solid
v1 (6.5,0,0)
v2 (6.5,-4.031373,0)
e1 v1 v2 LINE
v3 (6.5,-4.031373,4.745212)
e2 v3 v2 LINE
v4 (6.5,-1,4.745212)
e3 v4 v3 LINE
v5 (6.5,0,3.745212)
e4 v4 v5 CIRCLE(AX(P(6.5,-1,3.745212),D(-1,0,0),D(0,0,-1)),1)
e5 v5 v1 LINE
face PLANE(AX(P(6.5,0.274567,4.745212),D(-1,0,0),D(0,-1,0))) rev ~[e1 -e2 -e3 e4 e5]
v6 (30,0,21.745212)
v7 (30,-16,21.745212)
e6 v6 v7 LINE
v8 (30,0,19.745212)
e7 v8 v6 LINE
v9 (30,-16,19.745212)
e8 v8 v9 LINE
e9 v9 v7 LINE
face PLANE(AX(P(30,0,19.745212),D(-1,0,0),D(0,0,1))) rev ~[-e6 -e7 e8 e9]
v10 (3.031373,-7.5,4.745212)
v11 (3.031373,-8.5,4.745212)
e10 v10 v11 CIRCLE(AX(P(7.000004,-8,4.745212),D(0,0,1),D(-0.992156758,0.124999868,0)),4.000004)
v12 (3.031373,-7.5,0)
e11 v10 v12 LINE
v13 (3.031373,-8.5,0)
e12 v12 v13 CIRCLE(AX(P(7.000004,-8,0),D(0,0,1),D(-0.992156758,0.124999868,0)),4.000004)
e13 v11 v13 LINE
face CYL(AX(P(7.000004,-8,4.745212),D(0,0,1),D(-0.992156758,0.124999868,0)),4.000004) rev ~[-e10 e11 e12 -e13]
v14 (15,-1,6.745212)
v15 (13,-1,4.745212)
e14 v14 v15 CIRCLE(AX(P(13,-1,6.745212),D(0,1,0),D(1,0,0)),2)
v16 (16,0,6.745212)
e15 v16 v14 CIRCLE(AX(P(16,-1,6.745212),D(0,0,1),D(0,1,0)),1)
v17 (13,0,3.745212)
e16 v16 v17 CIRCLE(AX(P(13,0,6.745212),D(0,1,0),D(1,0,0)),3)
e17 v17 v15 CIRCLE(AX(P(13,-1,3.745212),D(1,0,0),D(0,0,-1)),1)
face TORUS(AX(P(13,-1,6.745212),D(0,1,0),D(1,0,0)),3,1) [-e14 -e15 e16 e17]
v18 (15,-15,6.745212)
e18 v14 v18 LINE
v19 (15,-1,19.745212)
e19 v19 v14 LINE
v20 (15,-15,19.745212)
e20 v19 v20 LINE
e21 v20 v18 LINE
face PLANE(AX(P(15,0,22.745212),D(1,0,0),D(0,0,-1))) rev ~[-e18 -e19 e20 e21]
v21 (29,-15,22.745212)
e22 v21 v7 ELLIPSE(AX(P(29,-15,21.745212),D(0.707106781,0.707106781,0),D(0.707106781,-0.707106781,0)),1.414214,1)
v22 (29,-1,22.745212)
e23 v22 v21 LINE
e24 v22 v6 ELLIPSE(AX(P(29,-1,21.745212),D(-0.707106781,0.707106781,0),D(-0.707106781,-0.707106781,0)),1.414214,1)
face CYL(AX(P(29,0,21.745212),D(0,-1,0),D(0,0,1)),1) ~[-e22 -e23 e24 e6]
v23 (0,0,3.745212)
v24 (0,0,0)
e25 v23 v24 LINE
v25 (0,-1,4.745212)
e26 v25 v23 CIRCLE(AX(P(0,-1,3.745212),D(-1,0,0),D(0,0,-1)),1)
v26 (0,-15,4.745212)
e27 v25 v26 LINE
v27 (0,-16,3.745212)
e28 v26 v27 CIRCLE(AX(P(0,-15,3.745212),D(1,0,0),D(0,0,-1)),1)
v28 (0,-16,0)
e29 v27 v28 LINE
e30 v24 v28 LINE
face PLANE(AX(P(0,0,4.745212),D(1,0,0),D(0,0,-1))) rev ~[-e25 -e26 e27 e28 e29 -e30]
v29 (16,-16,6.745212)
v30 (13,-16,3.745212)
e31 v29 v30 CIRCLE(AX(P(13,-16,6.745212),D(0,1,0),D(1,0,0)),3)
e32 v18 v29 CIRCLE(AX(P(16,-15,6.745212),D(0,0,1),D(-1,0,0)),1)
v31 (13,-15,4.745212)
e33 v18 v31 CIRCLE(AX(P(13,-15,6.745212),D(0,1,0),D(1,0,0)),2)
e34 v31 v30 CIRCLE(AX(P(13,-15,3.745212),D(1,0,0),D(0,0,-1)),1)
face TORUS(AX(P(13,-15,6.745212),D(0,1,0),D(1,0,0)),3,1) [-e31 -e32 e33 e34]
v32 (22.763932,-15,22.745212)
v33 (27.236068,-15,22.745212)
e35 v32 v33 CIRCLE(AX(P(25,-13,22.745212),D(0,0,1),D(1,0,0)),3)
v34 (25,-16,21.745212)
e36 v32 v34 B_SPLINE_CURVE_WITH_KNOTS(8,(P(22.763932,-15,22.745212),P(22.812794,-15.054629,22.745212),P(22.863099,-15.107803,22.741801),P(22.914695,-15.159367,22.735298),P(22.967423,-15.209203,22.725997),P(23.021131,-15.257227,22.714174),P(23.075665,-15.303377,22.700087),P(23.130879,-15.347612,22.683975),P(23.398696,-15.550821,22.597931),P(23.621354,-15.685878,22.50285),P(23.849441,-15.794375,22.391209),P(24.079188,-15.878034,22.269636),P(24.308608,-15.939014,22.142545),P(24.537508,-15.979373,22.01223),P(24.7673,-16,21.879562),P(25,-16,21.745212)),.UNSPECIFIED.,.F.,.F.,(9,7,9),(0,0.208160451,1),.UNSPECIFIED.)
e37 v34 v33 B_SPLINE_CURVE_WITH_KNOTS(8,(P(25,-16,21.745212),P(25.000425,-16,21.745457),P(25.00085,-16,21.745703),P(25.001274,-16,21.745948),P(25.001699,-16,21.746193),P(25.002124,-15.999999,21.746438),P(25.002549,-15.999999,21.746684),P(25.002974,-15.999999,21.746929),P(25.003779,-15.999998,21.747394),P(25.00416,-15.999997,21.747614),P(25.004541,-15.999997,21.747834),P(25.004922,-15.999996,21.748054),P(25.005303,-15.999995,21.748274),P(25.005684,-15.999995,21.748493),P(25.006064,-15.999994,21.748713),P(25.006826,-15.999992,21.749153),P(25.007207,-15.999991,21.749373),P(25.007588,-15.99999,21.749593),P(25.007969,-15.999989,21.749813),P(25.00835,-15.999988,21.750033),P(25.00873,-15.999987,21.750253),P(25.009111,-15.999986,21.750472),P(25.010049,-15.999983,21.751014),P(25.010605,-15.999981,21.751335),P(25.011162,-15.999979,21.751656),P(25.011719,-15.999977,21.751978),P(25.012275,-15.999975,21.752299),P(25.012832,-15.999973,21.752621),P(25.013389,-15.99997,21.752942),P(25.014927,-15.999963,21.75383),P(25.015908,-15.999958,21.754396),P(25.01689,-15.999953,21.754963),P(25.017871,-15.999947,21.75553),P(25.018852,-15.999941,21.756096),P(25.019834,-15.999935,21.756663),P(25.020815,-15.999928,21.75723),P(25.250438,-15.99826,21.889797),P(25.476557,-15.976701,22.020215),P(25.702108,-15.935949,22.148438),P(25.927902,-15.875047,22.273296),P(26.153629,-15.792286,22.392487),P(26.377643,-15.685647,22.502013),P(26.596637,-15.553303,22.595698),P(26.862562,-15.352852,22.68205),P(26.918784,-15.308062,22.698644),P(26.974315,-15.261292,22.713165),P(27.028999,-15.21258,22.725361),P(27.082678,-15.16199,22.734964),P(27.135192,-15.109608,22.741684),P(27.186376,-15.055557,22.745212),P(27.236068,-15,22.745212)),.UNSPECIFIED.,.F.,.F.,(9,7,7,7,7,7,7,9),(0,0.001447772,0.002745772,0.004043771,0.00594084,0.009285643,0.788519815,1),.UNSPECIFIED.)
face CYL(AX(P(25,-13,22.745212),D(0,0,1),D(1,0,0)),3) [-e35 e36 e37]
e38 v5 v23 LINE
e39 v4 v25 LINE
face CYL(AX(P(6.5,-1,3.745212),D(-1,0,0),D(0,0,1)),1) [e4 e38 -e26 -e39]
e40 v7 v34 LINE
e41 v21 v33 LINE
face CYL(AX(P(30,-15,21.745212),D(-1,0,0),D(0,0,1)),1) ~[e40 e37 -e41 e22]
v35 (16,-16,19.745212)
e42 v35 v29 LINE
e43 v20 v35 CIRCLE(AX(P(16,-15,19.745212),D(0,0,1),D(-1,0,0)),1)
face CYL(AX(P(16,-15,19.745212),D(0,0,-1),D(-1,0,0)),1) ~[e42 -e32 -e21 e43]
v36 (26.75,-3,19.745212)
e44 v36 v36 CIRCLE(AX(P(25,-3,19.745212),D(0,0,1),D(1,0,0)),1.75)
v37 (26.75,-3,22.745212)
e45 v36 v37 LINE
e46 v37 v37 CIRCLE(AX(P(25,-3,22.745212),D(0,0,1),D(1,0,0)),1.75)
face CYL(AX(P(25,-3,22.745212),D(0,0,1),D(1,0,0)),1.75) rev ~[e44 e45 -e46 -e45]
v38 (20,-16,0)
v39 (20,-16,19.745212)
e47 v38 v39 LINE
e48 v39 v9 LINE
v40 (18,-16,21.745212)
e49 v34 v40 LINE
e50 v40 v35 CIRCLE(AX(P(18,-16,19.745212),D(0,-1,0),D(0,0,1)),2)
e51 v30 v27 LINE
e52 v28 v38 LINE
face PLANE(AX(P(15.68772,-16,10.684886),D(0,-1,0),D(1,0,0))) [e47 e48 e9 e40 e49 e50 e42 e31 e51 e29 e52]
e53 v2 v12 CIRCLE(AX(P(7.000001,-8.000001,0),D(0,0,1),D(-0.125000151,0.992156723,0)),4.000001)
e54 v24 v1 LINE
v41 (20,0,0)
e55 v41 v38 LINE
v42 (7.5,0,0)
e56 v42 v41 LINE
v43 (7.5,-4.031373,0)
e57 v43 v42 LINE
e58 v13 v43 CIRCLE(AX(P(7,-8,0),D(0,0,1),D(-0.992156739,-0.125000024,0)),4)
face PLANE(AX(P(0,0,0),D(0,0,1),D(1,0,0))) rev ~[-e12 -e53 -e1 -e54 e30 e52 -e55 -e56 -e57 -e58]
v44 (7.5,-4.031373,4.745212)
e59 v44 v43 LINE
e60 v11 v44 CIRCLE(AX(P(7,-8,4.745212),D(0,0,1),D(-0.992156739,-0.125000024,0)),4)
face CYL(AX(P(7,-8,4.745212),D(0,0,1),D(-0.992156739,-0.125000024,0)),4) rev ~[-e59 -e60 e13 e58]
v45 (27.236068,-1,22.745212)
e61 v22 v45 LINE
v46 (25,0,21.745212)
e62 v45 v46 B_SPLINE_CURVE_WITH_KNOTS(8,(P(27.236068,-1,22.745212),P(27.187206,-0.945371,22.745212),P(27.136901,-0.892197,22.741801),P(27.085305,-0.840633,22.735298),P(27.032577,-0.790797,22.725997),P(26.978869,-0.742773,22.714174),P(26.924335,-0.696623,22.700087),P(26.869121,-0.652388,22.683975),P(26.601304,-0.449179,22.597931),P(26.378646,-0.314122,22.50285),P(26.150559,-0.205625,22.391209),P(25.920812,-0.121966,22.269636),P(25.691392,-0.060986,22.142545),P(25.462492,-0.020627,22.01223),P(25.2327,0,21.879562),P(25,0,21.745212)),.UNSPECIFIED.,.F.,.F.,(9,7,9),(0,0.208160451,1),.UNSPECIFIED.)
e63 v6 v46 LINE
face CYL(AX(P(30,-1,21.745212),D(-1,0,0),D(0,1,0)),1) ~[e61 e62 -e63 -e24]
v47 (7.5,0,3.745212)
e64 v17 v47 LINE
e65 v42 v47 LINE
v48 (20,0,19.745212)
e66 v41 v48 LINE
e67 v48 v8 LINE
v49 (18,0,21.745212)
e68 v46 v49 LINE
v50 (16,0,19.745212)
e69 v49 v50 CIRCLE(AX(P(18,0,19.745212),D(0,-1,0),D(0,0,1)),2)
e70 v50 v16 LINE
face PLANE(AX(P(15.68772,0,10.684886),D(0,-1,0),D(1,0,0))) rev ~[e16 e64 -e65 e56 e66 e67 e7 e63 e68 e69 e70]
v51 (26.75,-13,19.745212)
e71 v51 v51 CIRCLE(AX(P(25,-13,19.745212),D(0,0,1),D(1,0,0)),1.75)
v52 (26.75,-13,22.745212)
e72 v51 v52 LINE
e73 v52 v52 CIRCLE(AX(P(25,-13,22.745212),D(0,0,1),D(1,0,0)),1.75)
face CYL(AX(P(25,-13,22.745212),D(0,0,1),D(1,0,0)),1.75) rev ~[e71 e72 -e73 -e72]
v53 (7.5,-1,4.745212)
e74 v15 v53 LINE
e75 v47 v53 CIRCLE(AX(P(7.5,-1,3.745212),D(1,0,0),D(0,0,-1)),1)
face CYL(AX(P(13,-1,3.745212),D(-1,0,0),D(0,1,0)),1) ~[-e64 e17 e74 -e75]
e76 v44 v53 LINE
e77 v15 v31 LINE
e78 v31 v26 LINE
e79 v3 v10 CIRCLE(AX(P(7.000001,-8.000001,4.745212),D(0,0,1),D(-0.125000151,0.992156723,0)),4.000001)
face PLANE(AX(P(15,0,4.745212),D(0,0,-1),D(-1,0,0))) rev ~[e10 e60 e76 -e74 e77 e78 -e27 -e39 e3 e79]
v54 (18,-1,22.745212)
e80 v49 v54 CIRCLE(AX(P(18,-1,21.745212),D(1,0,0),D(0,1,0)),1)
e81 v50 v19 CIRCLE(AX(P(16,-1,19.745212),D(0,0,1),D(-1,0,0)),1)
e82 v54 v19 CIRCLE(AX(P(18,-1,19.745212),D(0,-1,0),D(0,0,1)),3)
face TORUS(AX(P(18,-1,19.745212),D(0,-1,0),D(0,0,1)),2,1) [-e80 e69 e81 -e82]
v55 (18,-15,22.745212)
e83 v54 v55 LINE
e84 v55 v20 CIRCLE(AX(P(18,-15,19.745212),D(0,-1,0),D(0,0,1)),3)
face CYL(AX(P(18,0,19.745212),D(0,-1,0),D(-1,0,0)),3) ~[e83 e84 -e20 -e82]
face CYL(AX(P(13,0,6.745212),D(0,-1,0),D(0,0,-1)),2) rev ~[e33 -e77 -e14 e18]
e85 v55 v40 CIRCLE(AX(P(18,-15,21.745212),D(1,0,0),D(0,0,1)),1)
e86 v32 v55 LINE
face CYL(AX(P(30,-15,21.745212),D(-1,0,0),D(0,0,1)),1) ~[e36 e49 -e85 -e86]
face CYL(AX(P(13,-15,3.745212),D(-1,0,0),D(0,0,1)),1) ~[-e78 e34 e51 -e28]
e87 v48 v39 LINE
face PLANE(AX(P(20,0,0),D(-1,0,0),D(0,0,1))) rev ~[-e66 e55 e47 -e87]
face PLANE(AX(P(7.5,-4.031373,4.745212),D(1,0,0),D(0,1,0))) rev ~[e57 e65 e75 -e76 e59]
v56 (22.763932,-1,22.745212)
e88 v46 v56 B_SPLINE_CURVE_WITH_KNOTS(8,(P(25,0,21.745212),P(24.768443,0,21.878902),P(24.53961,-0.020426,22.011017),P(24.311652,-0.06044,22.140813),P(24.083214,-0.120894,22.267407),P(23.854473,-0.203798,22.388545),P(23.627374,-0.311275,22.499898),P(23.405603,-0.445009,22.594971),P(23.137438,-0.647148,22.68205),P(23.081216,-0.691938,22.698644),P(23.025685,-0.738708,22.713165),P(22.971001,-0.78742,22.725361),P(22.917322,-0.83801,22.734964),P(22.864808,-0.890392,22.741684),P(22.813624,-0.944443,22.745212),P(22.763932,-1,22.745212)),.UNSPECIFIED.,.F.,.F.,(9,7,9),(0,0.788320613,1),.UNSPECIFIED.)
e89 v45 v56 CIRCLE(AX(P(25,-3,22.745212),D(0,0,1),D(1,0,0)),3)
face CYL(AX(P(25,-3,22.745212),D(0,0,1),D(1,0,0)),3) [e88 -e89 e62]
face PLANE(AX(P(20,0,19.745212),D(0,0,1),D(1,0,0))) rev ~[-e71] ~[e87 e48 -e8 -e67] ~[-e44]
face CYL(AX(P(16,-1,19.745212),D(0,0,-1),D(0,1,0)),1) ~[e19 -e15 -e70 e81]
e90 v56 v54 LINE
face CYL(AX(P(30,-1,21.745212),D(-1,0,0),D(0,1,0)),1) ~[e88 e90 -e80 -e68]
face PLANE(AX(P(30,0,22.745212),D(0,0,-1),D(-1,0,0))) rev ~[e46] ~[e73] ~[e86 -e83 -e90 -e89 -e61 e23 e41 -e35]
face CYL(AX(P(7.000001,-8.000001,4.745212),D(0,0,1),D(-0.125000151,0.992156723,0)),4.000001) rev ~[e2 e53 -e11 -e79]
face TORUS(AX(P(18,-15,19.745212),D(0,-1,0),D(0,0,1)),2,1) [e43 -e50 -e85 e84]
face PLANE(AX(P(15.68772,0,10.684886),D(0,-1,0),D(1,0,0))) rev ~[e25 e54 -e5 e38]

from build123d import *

# Parameters (mm, degrees)
F1_DEPTH  = 16
F2_R      = 1.75
F3_DEPTH  = 25
F5_DEPTH  = 25
F6_R      = 2
F7_R      = 3
F8_R      = 1
F9_R      = 3
F9_R_2    = 1.75
F10_DEPTH = 2
F11_R     = 1


with BuildPart() as f1:
    # F0 (on Front) → F1 (new body)
    with BuildSketch(Plane.XZ):
        Polygon((0, 4.745212), (0, 0), (20, 0), (20, 19.745212), (30, 19.745212), (30, 22.745212), (15, 22.745212), (15, 4.745212), align=None)
    extrude(amount=F1_DEPTH)

    # F2 (on face) → F3 (cut)
    with BuildSketch(Plane.XY.offset(22.745212)):
        with Locations((25, -3)):
            Circle(F2_R)
        with Locations((25, -13)):
            Circle(F2_R)
    extrude(amount=-F3_DEPTH, mode=Mode.SUBTRACT)

    # F4 (on face) → F5 (cut)
    with BuildSketch(Plane.XY.offset(4.745212)):
        with BuildLine():
            ThreePointArc((3.031373, -7.5), (3, -8), (3.031373, -8.5))
            ThreePointArc((3.031373, -8.5), (9.828427, -10.828427), (7.5, -4.031373))
            ThreePointArc((7.5, -4.031373), (7, -4), (6.5, -4.031373))
            ThreePointArc((6.5, -4.031373), (4.171573, -5.171573), (3.031373, -7.5))
        make_face()
        with BuildLine():
            ThreePointArc((6.5, -4.031373), (7, -4), (7.5, -4.031373))
            Line((7.5, -4.031373), (7.5, 0.274567))
            Line((7.5, 0.274567), (6.5, 0.274567))
            Line((6.5, 0.274567), (6.5, -4.031373))
        make_face()
    extrude(amount=-F5_DEPTH, mode=Mode.SUBTRACT)

    # F6
    f6_edges = [f1.edges().sort_by_distance(p)[0] for p in [
        (15, -8, 4.745212),
    ]]
    fillet(f6_edges, radius=F6_R)

    # F7
    f7_edges = [f1.edges().sort_by_distance(p)[0] for p in [
        (15, -8, 22.745212),
    ]]
    fillet(f7_edges, radius=F7_R)

    # F8
    f8_edges = [f1.edges().sort_by_distance(p)[0] for p in [
        (30, -8, 22.745212),
        (24, -16, 22.745212),
        (24, 0, 22.745212),
    ]]
    fillet(f8_edges, radius=F8_R)

    # F9 (on face) → F10 (join)
    with BuildSketch(Plane.XY.offset(22.745212)):
        with Locations((25, -3)):
            Circle(F9_R)
        with Locations((25, -3)):
            Circle(F9_R_2, mode=Mode.SUBTRACT)
        with Locations((25, -13)):
            Circle(F9_R)
        with Locations((25, -13)):
            Circle(F9_R_2, mode=Mode.SUBTRACT)
    extrude(amount=-F10_DEPTH)

    # F11
    f11_edges = [f1.edges().sort_by_distance(p)[0] for p in [
        (3.25, 0, 4.745212),
    ]]
    fillet(f11_edges, radius=F11_R)


solid = f1.part
